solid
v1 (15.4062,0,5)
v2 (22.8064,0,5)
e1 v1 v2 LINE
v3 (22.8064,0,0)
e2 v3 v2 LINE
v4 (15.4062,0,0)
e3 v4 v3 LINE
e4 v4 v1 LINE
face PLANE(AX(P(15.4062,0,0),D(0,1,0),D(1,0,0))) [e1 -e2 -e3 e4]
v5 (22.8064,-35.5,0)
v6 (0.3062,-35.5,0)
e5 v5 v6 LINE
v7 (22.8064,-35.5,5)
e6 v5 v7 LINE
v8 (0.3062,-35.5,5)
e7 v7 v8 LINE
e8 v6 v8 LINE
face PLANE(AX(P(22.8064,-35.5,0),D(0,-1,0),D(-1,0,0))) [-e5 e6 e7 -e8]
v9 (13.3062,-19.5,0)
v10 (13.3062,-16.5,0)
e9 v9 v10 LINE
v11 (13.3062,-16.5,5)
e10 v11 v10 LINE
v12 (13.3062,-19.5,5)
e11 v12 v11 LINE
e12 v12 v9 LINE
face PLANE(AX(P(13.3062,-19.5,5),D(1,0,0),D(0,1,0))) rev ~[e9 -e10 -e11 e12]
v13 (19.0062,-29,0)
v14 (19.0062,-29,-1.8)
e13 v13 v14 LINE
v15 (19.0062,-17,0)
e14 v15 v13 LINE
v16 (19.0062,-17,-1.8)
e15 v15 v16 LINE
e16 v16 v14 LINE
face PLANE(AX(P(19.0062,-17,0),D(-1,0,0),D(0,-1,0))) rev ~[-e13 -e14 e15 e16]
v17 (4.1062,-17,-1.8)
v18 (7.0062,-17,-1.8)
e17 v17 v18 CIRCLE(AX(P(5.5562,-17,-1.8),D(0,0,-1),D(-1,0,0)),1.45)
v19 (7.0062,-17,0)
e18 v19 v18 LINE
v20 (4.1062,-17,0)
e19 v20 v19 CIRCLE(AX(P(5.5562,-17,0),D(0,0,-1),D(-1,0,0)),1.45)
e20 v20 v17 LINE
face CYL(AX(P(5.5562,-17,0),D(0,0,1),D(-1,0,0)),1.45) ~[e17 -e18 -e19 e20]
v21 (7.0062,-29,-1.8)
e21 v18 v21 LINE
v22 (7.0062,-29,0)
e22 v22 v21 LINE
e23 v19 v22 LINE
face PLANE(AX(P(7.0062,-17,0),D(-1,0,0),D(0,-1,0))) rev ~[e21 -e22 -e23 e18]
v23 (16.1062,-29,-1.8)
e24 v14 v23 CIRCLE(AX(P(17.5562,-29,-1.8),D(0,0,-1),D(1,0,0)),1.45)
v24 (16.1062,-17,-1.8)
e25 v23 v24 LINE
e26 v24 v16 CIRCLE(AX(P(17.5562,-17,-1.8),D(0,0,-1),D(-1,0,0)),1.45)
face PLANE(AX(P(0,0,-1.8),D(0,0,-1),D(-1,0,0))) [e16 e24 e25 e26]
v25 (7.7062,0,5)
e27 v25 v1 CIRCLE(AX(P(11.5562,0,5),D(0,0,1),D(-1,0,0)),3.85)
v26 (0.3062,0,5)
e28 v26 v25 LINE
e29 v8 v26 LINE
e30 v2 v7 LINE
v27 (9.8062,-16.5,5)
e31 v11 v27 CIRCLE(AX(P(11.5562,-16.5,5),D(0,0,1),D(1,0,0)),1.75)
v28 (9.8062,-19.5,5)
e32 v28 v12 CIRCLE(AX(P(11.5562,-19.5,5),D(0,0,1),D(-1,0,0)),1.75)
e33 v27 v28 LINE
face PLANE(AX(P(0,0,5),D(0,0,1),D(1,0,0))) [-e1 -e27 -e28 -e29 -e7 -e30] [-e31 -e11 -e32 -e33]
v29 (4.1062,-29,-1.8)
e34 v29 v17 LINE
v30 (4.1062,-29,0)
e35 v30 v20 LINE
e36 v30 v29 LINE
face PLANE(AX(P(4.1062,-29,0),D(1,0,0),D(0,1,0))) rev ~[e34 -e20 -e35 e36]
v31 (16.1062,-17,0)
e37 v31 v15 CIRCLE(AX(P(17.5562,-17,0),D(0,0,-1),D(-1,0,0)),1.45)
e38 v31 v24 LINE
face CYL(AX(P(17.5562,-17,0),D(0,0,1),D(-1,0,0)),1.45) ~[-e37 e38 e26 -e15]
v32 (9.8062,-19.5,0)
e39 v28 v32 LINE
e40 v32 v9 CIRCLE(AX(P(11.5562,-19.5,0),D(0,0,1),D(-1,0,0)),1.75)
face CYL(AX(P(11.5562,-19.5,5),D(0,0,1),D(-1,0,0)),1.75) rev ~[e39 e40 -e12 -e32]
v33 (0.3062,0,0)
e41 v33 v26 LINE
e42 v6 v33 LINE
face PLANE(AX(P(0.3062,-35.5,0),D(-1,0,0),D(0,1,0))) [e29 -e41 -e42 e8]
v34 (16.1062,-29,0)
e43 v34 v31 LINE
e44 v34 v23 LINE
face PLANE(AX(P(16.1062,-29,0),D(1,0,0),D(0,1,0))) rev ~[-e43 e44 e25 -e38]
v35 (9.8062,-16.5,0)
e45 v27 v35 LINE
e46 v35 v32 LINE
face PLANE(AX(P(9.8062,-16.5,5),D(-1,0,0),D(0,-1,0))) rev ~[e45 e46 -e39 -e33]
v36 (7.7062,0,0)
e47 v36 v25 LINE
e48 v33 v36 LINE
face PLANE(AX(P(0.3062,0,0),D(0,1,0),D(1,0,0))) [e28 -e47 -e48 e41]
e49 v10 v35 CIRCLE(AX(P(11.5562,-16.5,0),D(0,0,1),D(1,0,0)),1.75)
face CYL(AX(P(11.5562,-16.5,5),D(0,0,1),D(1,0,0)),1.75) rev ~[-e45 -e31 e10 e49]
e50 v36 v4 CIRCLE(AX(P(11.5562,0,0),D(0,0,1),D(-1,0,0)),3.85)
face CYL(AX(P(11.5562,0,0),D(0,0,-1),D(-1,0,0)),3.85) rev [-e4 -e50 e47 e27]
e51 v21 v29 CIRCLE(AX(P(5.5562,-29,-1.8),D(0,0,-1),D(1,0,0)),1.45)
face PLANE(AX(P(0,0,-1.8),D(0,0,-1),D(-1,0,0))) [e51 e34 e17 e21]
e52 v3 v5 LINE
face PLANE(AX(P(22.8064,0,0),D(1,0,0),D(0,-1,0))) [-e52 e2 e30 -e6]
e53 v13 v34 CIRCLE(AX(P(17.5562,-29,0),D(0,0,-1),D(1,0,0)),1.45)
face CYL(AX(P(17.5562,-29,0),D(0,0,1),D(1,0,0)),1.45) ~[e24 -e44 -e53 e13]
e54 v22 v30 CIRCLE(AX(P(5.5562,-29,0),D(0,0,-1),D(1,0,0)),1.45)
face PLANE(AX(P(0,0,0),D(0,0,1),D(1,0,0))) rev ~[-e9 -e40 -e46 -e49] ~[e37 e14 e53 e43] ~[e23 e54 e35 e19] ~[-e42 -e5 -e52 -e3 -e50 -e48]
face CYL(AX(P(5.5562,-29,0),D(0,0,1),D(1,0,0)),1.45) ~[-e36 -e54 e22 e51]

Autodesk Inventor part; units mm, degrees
ref_plane "YZ Plane" through (0, 0, 0) normal (1, 0, 0) x (0, 1, 0)
ref_plane "XZ Plane" through (0, 0, 0) normal (0, 1, 0) x (-1, 0, 0)
ref_plane "XY Plane" through (0, 0, 0) normal (0, 0, 1) x (1, 0, 0)
ref_plane "Work Plane1" through (0, 0, 0) normal (0, 0, 1) x (1, 0, 0)
sketch "Sketch1" plane through (0, 0, 0) normal (0, 0, 1) x (1, 0, 0)
  circle A0 centre (11.5562, -18) radius 2 construction
  line L0 (-53.1938, -16) -> (-53.1938, -30) construction
  arc A1 (-56.1938, -30) -> (-53.1938, -30) centre (-54.6938, -30) ccw construction
  line L1 (-56.1938, -30) -> (-56.1938, -16) construction
  arc A2 (-53.1938, -16) -> (-56.1938, -16) centre (-54.6938, -16) ccw construction
  line L2 (7.0562, -16) -> (7.0562, -30) construction
  arc A3 (4.0562, -30) -> (7.0562, -30) centre (5.5562, -30) ccw construction
  line L3 (4.0562, -30) -> (4.0562, -16) construction
  arc A4 (7.0562, -16) -> (4.0562, -16) centre (5.5562, -16) ccw construction
  line L4 (-13.1938, -16) -> (-13.1938, -30) construction
  arc A5 (-16.1938, -30) -> (-13.1938, -30) centre (-14.6938, -30) ccw construction
  line L5 (-16.1938, -30) -> (-16.1938, -16) construction
  arc A6 (-13.1938, -16) -> (-16.1938, -16) centre (-14.6938, -16) ccw construction
  arc A7 (19.0562, -16) -> (16.0562, -16) centre (17.5562, -16) ccw construction
  line L6 (19.0562, -16) -> (19.0562, -30) construction
  arc A8 (16.0562, -30) -> (19.0562, -30) centre (17.5562, -30) ccw construction
  line L7 (16.0562, -30) -> (16.0562, -16) construction
  line L8 (22.8064, -40) -> (22.8064, 45) construction
  line L9 (22.8064, 45) -> (-120, 45) construction
  line L10 (-120, 27.5563) -> (-120, 45) construction
  line L11 (-120, 27.5563) -> (-95.2035, 27.5563) construction
  arc A9 (-85.0841, 27.5563) -> (-95.2035, 27.5563) centre (-90.1438, 25.4) ccw construction
  line L12 (-85.0841, 27.5563) -> (17.8062, 27.5563) construction
  line L13 (17.8062, 27.5563) -> (17.8062, -11) construction
  line L14 (17.8062, -11) -> (-120, -11) construction
  line L15 (-120, -40) -> (-120, -11) construction
  line L16 (22.8064, -40) -> (-120, -40) construction
  circle A10 centre (-111.1938, -18) radius 2 construction
  circle A11 centre (-98.1938, -18) radius 2 construction
  circle A12 centre (-61.1938, -18) radius 2 construction
  circle A13 centre (-48.1938, -18) radius 2 construction
  circle A14 centre (-21.1938, -18) radius 2 construction
  circle A15 centre (-8.1938, -18) radius 2 construction
  circle A16 centre (-21.1938, 33.6563) radius 2 construction
  circle A17 centre (-8.1938, 33.6563) radius 2 construction
  circle A18 centre (-61.1938, 33.6563) radius 2 construction
  circle A19 centre (-48.1938, 33.6563) radius 2 construction
  circle A20 centre (-111.1938, 33.6563) radius 2 construction
  circle A21 centre (-98.1938, 33.6563) radius 2 construction
  circle A22 centre (-90.1438, -25.4) radius 5.5 construction
  line L17 (5.3062, -11) -> (5.3062, 11) construction
  line L18 (17.8062, -11) -> (17.8062, 11) construction
  circle A23 centre (11.5562, 0) radius 3.75 construction
  line L19 (5.3062, -11) -> (17.8062, -11) construction
  arc A24 (-18.6938, -19.75) -> (-18.6938, -16.25) centre (-18.6938, -18) ccw construction
  line L20 (-18.6938, -16.25) -> (-23.6938, -16.25) construction
  arc A25 (-23.6938, -16.25) -> (-23.6938, -19.75) centre (-23.6938, -18) ccw construction
  line L21 (-23.6938, -19.75) -> (-18.6938, -19.75) construction
  arc A26 (-5.6938, -19.75) -> (-5.6938, -16.25) centre (-5.6938, -18) ccw construction
  line L22 (-5.6938, -16.25) -> (-10.6938, -16.25) construction
  arc A27 (-10.6938, -16.25) -> (-10.6938, -19.75) centre (-10.6938, -18) ccw construction
  line L23 (-10.6938, -19.75) -> (-5.6938, -19.75) construction
  line L24 (0.3062, -11) -> (0.3062, -25.3437) construction
  line L25 (0.3062, -25.3437) -> (-29.6938, -25.3437) construction
  line L26 (-29.6938, -11) -> (-29.6938, -25.3437) construction
  line L27 (0.3062, -11) -> (-29.6938, -11) construction
  line L28 (22.8064, -35.5) -> (0.3062, -35.5)
  line L29 (0.3062, -35.5) -> (0.3062, 0)
  line L30 (0.3062, 0) -> (7.7062, 0)
  line L31 (22.8064, 0) -> (22.8064, -35.5)
  arc A28 (7.7062, 0) -> (15.4062, 0) centre (11.5562, 0) ccw
  line L32 (11.5562, 15.4) -> (11.5562, -15.4) construction
  line L33 (-148.5613, 0) -> (51.3677, 0) construction
  line L34 (15.4062, 0) -> (22.8064, 0)
  point P0 (0, 0)
  point P1 (17.5562, -31.5)
  dimension "d0" = 0.1
  dimension "d1" = 0
  dimension "d2" = 0
  dimension "d3" = 4
extrude "Main Body" add sketch "Sketch1" along normal blind 5
sketch "Sketch2" plane through (0, 0, 0) normal (0, 0, -1) x (-1, 0, 0)
  line L0 (-16.0562, -30) -> (-16.0562, -16) construction
  arc A0 (-19.0562, -30) -> (-16.0562, -30) centre (-17.5562, -30) ccw construction
  line L1 (-19.0562, -16) -> (-19.0562, -30) construction
  arc A1 (-16.0562, -16) -> (-19.0562, -16) centre (-17.5562, -16) ccw construction
  arc A2 (-7.0562, -30) -> (-4.0562, -30) centre (-5.5562, -30) ccw construction
  line L2 (-7.0562, -16) -> (-7.0562, -30) construction
  arc A3 (-4.0562, -16) -> (-7.0562, -16) centre (-5.5562, -16) ccw construction
  line L3 (-4.0562, -30) -> (-4.0562, -16) construction
  line L4 (-17.5562, -30) -> (-17.5562, -16) construction
  line L5 (-5.5562, -16) -> (-5.5562, -30) construction
  line L6 (-17.5562, -29) -> (-17.5562, -17) construction
  line L7 (-16.1062, -29) -> (-16.1062, -17)
  line L8 (-19.0062, -17) -> (-19.0062, -29)
  arc A4 (-19.0062, -29) -> (-16.1062, -29) centre (-17.5562, -29) ccw
  arc A5 (-16.1062, -17) -> (-19.0062, -17) centre (-17.5562, -17) ccw
  line L9 (-5.5562, -29) -> (-5.5562, -17) construction
  line L10 (-4.1062, -29) -> (-4.1062, -17)
  line L11 (-7.0062, -17) -> (-7.0062, -29)
  arc A6 (-7.0062, -29) -> (-4.1062, -29) centre (-5.5562, -29) ccw
  arc A7 (-4.1062, -17) -> (-7.0062, -17) centre (-5.5562, -17) ccw
  line L12 (-17.5562, -29) -> (-5.5562, -29) construction
  line L13 (-17.5562, -17) -> (-5.5562, -17) construction
  point P0 (0, 0)
  point P1 (-17.5562, -23)
  point P2 (-5.5562, -23)
  dimension "d6" = 1
  dimension "d7" = 0.05
  dimension "d8" = 0.05
extrude "Alignment Tabs" add sketch "Sketch2" along normal blind 1.8
sketch "Sketch3" plane through (0, 0, 5) normal (0, 0, 1) x (1, 0, 0)
  circle A0 centre (11.5562, -18) radius 2 construction
  line L0 (11.5562, -19.5) -> (11.5562, -16.5) construction
  line L1 (13.3062, -19.5) -> (13.3062, -16.5)
  line L2 (9.8062, -16.5) -> (9.8062, -19.5)
  arc A1 (9.8062, -19.5) -> (13.3062, -19.5) centre (11.5562, -19.5) ccw
  arc A2 (13.3062, -16.5) -> (9.8062, -16.5) centre (11.5562, -16.5) ccw
  point P0 (0, 0)
  dimension "d11" = 3.5
  dimension "d12" = 3
extrude "Slot for Screw M3" cut sketch "Sketch3" against normal through all
equation "\"d8\" = d7"
properties part number "Cuvette Aligner 10mm"
